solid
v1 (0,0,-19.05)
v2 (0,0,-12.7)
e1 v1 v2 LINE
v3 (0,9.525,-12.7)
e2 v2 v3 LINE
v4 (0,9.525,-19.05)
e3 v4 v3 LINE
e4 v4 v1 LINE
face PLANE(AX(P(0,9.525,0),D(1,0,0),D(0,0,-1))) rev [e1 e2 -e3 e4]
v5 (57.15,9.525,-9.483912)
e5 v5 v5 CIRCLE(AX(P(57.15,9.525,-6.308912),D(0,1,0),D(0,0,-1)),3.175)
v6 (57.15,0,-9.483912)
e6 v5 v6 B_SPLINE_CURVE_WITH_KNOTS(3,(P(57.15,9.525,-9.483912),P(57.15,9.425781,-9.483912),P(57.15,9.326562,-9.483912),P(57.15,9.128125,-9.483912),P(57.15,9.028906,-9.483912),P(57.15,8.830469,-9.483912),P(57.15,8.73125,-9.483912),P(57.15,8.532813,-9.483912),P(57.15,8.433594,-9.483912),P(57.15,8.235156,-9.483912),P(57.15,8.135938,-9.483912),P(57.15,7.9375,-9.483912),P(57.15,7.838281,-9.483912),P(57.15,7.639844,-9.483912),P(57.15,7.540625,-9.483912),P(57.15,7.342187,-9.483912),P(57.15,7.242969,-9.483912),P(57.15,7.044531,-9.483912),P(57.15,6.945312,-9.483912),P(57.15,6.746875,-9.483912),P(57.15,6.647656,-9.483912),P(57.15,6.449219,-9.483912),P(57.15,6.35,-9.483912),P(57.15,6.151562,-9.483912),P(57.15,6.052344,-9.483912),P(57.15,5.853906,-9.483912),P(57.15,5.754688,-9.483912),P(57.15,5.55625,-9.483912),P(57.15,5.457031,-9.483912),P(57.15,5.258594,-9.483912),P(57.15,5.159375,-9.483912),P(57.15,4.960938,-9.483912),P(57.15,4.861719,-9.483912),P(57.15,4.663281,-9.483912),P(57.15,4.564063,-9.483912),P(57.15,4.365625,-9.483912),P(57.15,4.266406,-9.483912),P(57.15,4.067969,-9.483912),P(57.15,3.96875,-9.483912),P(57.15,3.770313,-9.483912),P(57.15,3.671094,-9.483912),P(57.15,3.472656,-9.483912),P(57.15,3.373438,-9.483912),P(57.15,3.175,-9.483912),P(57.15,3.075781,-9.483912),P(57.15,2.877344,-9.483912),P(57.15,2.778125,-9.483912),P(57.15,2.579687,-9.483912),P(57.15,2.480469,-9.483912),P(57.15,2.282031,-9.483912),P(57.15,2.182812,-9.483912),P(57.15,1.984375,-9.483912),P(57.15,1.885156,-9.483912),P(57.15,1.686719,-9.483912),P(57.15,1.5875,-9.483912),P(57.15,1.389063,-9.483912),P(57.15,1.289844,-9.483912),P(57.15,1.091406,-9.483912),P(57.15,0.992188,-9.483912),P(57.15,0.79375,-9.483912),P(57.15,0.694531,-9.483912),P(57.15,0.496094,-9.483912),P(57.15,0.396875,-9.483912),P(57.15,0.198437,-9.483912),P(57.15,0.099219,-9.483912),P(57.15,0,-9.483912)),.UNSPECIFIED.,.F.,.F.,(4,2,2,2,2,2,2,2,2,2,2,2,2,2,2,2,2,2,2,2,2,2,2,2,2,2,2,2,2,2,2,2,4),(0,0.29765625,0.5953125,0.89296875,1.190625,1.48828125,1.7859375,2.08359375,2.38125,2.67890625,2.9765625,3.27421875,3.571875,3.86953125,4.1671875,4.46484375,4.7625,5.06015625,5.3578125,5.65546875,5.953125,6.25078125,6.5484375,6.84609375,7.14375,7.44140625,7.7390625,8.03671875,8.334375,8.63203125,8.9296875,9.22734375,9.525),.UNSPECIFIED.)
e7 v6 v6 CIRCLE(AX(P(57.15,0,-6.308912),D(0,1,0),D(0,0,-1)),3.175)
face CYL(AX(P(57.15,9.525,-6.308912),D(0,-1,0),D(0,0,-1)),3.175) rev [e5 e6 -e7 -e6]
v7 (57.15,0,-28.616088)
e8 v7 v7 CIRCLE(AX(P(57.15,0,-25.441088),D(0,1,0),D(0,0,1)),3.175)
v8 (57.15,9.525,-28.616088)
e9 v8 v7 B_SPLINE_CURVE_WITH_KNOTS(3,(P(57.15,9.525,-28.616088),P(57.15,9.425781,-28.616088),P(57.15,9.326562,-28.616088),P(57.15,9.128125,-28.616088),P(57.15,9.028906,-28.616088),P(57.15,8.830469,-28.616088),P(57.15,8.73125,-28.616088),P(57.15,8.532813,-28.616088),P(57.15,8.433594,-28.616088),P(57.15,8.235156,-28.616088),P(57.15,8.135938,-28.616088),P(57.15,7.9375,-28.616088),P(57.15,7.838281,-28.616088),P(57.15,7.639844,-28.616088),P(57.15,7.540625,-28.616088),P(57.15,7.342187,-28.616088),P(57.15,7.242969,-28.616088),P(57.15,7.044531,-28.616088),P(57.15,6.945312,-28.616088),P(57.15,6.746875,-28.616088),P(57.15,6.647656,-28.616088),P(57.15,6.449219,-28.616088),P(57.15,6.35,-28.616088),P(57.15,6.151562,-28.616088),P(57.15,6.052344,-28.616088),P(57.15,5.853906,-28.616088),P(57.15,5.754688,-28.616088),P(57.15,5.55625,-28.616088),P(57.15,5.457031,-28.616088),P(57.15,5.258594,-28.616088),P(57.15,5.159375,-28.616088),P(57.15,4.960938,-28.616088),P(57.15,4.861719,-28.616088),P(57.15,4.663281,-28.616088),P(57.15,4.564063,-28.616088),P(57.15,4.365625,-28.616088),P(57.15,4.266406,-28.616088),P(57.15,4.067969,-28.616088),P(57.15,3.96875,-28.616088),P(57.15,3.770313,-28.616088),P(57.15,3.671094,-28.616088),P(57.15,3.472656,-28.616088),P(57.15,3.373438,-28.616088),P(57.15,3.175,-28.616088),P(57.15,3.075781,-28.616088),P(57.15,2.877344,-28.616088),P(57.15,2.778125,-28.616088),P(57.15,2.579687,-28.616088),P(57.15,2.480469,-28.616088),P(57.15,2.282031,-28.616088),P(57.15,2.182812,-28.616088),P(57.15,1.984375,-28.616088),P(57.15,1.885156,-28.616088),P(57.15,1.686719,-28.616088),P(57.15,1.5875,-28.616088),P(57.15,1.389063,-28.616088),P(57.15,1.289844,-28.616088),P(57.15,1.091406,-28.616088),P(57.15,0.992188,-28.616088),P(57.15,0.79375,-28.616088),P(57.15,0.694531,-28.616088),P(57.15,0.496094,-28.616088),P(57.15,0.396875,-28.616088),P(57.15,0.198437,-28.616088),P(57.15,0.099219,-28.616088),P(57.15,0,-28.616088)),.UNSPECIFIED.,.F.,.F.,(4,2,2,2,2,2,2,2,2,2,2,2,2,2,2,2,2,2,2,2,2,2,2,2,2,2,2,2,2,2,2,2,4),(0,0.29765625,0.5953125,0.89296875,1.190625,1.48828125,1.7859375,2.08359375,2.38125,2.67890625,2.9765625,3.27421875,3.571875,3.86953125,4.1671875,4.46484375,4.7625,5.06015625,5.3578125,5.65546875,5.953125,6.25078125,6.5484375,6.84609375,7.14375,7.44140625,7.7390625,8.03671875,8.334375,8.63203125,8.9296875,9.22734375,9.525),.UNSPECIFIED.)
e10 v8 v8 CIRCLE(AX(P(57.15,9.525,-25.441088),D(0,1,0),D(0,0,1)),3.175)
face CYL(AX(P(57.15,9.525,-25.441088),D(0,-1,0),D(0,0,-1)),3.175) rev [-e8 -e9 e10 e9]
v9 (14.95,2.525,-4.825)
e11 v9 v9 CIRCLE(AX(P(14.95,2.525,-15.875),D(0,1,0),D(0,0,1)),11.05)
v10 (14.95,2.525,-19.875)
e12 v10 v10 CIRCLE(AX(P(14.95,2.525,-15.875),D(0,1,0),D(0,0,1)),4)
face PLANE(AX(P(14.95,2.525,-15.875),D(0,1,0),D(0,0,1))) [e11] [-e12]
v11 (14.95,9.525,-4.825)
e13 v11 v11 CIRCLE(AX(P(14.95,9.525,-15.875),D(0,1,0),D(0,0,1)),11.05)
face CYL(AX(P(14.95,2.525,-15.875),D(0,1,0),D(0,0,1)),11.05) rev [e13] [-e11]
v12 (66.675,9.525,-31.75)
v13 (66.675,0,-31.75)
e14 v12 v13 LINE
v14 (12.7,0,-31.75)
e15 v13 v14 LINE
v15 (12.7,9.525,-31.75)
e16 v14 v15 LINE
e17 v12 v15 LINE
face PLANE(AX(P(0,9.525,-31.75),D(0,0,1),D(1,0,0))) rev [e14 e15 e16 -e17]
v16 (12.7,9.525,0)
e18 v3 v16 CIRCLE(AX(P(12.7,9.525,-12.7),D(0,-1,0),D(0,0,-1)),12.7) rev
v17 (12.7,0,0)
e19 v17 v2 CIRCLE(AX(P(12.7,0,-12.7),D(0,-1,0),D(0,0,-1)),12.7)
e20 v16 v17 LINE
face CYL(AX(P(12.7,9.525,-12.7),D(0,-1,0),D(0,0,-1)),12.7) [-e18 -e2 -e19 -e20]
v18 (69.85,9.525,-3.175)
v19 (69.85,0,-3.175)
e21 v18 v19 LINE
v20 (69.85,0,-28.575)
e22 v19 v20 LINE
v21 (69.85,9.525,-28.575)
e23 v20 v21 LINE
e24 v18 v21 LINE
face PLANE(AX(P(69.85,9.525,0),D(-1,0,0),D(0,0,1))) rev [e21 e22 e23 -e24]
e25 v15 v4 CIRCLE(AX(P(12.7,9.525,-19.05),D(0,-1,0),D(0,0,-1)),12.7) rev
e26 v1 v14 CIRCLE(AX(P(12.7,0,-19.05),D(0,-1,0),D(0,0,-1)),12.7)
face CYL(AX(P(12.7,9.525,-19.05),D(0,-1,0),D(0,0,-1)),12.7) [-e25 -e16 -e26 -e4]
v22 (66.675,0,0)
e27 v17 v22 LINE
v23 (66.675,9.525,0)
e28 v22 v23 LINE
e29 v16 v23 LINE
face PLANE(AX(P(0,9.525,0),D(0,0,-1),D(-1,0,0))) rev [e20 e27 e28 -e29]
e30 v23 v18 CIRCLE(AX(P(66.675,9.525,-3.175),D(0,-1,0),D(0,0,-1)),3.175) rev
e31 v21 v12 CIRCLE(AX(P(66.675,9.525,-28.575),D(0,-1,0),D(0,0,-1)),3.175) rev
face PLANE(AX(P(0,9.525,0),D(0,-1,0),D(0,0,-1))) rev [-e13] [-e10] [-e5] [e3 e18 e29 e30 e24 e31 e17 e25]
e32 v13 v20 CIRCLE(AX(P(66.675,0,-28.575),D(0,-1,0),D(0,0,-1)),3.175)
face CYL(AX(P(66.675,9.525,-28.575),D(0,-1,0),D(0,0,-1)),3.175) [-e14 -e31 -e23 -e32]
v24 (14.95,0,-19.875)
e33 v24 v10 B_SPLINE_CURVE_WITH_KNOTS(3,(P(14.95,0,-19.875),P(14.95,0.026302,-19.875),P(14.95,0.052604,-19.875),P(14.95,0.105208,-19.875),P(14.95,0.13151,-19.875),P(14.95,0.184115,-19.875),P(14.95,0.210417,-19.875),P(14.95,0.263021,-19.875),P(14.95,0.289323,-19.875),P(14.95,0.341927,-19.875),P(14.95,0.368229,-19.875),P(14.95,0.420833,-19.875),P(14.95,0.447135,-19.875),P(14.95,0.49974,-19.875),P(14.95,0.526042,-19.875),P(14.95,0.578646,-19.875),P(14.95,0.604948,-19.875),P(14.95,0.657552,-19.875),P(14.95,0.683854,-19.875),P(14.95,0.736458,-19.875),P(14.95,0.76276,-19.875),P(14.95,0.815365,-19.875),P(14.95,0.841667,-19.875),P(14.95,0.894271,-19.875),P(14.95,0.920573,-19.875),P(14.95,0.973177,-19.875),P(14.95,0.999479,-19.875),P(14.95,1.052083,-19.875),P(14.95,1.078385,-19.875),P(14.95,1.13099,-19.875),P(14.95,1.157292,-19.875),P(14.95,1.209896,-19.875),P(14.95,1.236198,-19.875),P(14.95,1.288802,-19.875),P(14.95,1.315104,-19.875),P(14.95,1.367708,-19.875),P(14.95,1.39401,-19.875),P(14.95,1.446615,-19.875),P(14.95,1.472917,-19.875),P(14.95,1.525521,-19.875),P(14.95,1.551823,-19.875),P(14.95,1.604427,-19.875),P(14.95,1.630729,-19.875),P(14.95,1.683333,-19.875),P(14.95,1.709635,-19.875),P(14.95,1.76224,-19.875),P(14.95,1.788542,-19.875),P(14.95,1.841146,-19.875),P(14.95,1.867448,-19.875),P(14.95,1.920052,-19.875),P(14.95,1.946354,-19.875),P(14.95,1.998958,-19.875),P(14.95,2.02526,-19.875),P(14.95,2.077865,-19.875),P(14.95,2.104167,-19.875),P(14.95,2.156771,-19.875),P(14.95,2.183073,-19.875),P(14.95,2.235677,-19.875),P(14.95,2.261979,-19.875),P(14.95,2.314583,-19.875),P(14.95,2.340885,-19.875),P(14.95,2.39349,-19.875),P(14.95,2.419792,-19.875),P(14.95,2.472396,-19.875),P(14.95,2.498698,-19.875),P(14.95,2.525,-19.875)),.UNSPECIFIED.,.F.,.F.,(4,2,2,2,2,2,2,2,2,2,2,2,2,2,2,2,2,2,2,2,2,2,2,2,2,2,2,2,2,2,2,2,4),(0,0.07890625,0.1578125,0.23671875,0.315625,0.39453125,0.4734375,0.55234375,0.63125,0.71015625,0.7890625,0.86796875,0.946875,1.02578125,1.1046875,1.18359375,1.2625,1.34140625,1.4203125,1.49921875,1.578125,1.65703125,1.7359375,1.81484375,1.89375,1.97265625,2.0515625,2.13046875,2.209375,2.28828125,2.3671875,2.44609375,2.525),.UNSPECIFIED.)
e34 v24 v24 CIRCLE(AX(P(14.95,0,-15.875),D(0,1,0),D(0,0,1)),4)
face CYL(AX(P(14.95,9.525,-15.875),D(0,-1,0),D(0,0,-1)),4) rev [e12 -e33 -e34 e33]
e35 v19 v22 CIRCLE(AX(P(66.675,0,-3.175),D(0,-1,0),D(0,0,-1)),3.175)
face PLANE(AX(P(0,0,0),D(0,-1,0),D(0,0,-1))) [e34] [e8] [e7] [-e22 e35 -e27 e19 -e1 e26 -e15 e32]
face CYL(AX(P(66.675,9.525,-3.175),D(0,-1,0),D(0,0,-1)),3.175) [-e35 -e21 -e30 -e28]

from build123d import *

# Parameters (mm, degrees)
SKETCH1_W           = 69.85
SKETCH1_H           = 31.75
SKETCH1_R           = 4
SKETCH1_R_2         = 3.175
BOSS_EXTRUDE1_DEPTH = 9.525
SKETCH2_R           = 11.05
CUT_EXTRUDE1_DEPTH  = 7
FILLET2_R           = 12.7
FILLET3_R           = 3.175


with BuildPart() as part:
    # Sketch1 → Boss-Extrude1 (new body)
    with BuildSketch(Plane(origin=(0, 0, 0), x_dir=(1, 0, 0), z_dir=(0, 1, 0))):
        with Locations((34.925, 15.875)):
            Rectangle(SKETCH1_W, SKETCH1_H)
        with Locations(Location((14.950000072, 15.875, 0), (0, 0, 90))):
            Circle(SKETCH1_R, mode=Mode.SUBTRACT)
        with Locations(Location((57.15, 25.441087639, 0), (0, 0, 90))):
            Circle(SKETCH1_R_2, mode=Mode.SUBTRACT)
        with Locations(Location((57.15, 6.308912361, 0), (0, 0, 90))):
            Circle(SKETCH1_R_2, mode=Mode.SUBTRACT)
    extrude(amount=BOSS_EXTRUDE1_DEPTH)

    # Sketch2 → Cut-Extrude1 (cut)
    with BuildSketch(Plane(origin=(0, 9.525, 0), x_dir=(1, 0, 0), z_dir=(0, 1, 0))):
        with Locations(Location((14.950000072, 15.875, 0), (0, 0, 270))):
            Circle(SKETCH2_R)
    extrude(amount=-CUT_EXTRUDE1_DEPTH, mode=Mode.SUBTRACT)

    # Fillet2
    fillet2_edges = [part.edges().sort_by_distance(p)[0] for p in [
        (0, 4.7625, -31.75),
        (0, 4.7625, 0),
    ]]
    fillet(fillet2_edges, radius=FILLET2_R)

    # Fillet3
    fillet3_edges = [part.edges().sort_by_distance(p)[0] for p in [
        (69.85, 4.7625, -31.75),
        (69.85, 4.7625, 0),
    ]]
    fillet(fillet3_edges, radius=FILLET3_R)


solid = part.part
